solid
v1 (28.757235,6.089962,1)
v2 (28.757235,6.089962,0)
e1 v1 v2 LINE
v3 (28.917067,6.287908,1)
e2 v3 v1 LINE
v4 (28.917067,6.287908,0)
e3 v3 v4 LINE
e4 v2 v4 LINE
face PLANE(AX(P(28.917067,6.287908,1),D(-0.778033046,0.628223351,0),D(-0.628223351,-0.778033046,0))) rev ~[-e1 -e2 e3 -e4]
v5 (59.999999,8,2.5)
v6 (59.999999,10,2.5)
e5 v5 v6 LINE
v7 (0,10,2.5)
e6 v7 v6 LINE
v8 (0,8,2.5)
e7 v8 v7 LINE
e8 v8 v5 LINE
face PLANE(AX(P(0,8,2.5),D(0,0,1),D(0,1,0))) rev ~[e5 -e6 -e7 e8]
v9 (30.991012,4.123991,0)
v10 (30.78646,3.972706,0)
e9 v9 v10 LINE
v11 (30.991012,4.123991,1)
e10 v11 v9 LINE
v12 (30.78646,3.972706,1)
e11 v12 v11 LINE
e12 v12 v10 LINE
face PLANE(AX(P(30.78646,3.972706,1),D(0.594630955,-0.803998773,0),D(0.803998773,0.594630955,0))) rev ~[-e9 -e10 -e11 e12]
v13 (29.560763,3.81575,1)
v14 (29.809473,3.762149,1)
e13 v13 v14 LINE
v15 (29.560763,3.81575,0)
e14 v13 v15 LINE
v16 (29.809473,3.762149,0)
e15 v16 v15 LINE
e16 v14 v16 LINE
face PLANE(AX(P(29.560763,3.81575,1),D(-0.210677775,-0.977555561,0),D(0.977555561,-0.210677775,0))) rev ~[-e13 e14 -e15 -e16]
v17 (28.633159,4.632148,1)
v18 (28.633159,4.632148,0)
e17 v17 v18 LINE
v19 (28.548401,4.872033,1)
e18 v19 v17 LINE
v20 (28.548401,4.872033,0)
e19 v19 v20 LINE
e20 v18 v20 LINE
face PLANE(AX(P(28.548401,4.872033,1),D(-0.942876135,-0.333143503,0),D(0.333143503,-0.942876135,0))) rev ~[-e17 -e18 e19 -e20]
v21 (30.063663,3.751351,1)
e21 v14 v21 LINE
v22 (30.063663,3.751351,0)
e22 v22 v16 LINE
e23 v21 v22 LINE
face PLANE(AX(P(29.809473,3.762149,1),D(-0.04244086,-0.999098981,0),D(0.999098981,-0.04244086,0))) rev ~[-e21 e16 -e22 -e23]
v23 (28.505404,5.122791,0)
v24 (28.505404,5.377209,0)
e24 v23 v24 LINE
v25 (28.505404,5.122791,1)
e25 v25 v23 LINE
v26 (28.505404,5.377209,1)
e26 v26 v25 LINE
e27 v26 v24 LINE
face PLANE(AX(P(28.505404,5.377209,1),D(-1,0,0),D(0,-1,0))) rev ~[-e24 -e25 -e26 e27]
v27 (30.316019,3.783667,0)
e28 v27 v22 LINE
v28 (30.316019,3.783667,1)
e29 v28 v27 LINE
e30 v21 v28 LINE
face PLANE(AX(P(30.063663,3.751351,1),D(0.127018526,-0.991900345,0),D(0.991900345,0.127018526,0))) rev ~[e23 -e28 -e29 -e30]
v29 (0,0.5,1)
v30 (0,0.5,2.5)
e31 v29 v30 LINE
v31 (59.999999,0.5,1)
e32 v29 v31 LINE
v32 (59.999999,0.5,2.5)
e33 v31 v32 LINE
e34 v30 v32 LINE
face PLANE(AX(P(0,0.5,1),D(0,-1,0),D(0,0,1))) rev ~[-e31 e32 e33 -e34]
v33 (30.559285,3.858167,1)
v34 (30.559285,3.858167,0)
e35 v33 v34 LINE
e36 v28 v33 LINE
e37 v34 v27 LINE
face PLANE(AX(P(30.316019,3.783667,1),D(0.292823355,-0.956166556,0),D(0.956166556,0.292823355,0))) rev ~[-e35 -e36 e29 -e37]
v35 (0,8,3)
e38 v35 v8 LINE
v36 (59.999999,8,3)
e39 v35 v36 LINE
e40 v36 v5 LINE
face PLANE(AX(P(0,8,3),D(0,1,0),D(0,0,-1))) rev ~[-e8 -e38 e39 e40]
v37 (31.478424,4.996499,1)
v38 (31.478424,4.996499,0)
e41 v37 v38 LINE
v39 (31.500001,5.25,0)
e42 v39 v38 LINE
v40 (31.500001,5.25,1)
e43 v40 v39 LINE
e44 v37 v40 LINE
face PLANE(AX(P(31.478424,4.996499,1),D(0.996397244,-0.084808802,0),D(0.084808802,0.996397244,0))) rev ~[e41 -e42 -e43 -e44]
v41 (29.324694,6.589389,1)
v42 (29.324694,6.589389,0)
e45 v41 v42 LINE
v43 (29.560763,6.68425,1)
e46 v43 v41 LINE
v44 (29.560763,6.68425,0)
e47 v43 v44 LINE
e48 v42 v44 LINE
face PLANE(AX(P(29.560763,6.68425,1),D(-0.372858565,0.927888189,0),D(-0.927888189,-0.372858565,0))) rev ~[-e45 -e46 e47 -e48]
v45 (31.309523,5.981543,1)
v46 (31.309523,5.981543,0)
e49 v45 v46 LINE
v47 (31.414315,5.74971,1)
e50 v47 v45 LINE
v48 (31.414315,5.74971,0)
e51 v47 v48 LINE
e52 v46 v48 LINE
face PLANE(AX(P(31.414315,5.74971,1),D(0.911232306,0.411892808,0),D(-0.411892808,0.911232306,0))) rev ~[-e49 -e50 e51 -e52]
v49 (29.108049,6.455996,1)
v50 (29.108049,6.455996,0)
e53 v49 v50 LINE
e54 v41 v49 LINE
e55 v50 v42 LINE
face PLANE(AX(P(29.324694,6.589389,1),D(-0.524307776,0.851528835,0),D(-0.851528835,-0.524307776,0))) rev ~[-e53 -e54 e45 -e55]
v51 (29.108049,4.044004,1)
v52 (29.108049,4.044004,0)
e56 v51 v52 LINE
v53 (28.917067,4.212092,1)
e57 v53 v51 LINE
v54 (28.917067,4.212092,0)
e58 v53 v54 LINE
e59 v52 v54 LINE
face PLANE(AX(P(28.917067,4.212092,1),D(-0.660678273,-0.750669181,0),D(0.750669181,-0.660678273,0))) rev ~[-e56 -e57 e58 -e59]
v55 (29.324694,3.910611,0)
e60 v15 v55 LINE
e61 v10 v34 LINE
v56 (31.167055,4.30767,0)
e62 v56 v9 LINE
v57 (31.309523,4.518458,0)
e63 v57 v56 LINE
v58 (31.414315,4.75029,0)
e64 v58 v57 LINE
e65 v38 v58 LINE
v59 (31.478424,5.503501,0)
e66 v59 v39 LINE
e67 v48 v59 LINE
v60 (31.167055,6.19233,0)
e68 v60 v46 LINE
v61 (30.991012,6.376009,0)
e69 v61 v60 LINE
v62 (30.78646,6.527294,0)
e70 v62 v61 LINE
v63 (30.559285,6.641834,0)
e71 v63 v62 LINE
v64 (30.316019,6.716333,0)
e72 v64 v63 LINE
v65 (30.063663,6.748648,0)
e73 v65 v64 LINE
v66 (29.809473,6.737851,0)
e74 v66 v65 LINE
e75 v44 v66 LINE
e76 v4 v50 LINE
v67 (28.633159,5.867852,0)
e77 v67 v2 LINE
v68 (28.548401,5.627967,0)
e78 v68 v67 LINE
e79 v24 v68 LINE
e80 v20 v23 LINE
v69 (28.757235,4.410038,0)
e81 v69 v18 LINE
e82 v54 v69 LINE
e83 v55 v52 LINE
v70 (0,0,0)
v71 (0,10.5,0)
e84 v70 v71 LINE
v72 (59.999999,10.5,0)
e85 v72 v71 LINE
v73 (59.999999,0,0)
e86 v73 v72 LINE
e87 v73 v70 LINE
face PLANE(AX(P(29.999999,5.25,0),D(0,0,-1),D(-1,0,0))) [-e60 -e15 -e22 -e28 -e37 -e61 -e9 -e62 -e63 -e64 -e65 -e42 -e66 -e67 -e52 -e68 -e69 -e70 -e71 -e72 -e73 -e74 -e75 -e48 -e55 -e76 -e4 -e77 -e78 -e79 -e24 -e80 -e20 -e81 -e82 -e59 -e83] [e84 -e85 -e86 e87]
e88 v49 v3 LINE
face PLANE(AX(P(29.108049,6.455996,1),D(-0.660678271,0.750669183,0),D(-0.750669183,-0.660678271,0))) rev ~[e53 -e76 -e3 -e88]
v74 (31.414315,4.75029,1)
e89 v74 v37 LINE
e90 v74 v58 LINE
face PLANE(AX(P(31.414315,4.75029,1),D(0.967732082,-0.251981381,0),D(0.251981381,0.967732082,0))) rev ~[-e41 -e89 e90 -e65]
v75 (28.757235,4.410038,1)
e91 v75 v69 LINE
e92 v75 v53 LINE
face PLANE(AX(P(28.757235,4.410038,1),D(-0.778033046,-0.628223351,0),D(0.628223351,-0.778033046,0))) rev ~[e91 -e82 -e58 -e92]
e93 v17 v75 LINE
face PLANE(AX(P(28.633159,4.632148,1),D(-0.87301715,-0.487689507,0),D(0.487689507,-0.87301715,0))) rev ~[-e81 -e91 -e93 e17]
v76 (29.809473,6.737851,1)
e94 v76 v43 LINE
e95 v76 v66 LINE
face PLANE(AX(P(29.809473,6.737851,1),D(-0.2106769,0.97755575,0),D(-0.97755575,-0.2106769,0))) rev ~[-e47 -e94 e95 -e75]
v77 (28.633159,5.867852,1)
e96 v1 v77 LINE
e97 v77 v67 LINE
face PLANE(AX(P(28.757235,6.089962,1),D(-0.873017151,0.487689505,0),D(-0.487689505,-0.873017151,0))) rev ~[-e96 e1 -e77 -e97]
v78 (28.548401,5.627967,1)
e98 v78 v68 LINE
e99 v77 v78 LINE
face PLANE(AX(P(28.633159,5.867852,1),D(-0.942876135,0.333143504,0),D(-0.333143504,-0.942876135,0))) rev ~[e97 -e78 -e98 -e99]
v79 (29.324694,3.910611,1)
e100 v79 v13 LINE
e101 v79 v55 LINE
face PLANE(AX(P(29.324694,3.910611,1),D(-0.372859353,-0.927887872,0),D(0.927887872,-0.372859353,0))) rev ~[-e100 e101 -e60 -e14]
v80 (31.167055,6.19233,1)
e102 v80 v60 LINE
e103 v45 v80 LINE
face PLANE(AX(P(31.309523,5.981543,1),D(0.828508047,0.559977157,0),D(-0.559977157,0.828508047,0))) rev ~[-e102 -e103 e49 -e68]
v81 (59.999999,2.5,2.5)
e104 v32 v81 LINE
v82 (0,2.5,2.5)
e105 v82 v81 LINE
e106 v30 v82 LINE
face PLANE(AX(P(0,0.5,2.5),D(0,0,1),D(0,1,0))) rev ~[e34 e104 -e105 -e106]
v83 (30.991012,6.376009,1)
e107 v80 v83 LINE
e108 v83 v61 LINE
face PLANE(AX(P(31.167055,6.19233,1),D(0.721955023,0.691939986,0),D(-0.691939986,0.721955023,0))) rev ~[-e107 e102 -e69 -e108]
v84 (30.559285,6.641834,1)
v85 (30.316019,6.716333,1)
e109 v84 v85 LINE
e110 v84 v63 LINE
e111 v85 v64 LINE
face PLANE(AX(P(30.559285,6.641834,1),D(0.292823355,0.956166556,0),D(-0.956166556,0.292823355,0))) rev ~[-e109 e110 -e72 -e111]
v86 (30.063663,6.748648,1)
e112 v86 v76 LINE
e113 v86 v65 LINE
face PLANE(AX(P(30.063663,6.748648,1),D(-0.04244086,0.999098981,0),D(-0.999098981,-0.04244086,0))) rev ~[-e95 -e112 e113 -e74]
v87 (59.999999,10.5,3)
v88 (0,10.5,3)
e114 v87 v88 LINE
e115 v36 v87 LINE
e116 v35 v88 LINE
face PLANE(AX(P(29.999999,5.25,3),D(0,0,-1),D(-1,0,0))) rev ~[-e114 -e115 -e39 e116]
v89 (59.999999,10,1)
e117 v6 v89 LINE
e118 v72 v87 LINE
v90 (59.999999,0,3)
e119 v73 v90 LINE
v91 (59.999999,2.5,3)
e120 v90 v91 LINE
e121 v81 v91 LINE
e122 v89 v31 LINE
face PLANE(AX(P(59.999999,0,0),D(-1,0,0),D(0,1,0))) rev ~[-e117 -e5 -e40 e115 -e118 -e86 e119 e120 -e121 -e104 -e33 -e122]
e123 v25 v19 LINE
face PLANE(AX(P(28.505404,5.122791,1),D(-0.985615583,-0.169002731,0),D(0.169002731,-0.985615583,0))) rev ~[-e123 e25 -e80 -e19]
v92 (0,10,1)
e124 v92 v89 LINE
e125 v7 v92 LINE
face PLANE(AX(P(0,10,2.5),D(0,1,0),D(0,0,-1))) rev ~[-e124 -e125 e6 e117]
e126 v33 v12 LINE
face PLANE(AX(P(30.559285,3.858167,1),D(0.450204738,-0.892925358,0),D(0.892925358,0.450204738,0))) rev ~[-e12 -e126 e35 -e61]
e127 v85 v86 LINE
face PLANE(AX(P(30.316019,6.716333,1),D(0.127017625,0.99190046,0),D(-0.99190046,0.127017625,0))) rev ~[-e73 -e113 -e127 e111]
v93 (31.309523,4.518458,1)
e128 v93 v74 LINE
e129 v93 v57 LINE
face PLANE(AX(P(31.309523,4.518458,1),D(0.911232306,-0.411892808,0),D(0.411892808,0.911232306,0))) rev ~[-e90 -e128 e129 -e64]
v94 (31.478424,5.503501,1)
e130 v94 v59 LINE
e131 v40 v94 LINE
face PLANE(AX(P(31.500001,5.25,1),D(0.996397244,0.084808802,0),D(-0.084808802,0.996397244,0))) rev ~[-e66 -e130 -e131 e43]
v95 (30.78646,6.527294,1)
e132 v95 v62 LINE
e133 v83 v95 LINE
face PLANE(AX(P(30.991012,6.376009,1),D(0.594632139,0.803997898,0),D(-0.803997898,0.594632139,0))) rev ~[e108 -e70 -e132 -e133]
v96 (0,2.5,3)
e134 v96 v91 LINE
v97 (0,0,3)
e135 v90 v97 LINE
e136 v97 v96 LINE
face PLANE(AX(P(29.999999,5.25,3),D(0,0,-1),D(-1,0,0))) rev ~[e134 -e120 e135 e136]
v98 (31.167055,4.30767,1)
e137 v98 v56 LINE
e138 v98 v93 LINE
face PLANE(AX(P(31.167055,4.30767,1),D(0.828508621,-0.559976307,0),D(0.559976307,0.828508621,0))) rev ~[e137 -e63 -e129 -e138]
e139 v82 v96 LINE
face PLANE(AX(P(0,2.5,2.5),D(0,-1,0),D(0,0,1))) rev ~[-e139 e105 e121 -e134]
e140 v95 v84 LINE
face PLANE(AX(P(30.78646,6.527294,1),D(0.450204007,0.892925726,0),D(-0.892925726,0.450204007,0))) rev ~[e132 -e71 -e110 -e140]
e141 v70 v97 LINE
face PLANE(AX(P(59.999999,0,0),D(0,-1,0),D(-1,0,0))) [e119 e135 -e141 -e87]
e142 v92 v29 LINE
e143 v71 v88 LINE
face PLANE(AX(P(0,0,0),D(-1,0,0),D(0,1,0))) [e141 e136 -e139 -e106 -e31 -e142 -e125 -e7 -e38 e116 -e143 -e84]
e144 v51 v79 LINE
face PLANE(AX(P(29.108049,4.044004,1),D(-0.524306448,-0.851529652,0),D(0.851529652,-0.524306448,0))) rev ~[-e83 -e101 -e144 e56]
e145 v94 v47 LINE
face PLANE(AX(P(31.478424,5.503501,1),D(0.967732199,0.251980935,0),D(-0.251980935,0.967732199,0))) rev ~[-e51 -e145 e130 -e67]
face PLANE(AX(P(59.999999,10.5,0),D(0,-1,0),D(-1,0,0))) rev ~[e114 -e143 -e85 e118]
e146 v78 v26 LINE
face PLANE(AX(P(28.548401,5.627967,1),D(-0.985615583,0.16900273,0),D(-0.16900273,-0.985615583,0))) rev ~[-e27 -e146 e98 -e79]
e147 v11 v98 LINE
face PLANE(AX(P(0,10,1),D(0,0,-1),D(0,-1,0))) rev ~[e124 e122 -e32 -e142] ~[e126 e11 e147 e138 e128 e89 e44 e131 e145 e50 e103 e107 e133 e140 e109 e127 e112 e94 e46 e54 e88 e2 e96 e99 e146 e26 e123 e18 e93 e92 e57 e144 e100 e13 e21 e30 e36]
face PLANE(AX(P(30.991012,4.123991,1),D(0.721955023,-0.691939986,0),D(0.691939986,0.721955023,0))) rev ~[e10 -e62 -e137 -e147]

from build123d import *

# Parameters (mm, degrees)
SKETCH1_W           = 59.999998659
SKETCH1_H           = 10.499999858
BOSS_EXTRUDE1_DEPTH = 3.000000026
CUT_EXTRUDE1_DEPTH  = 61.985652708
CUT_EXTRUDE2_DEPTH  = 61.944645671


with BuildPart() as part:
    # Sketch1 → Boss-Extrude1 (new body)
    with BuildSketch(Plane(origin=(0, 0, 0), x_dir=(-1, 0, 0), z_dir=(0, 0, -1))):
        with Locations((-29.99999933, 5.249999929)):
            Rectangle(SKETCH1_W, SKETCH1_H)
    extrude(amount=-BOSS_EXTRUDE1_DEPTH)

    # Sketch2 → Cut-Extrude1 (cut, through all)
    with BuildSketch(Plane.ZY):
        Polygon((3.000000026, 2.499999944), (3.000000026, 8.00000038), (2.499999944, 8.00000038), (2.499999944, 9.999999776), (1.000000047, 9.999999776), (1.000000047, 0.500000024), (2.499999944, 0.500000024), (2.499999944, 2.499999944), align=None)
    extrude(amount=-CUT_EXTRUDE1_DEPTH, mode=Mode.SUBTRACT)

    # Sketch3 → Cut-Extrude2 (cut, through all)
    with BuildSketch(Plane.XY.offset(1.000000047)):
        Polygon((30.559284613, 6.641833577), (30.316019431, 6.716332864), (30.063662678, 6.74864836), (29.809473082, 6.737850606), (29.560763389, 6.684250198), (29.324693605, 6.58938894), (29.108049348, 6.455995608), (28.917066753, 6.287908182), (28.757235035, 6.089962088), (28.633158654, 5.867851898), (28.548400849, 5.627966952), (28.505403548, 5.377208814), (28.505403548, 5.122791044), (28.548400849, 4.872032907), (28.633158654, 4.63214796), (28.757235035, 4.410037771), (28.917066753, 4.212091677), (29.108049348, 4.04400425), (29.324693605, 3.910611384), (29.560763389, 3.815749893), (29.809473082, 3.762149252), (30.063662678, 3.751351498), (30.316019431, 3.783667227), (30.559284613, 3.858166514), (30.786460266, 3.972706385), (30.991012231, 4.123991355), (31.167054549, 4.307670053), (31.309522688, 4.518457688), (31.414315104, 4.75029042), (31.478423625, 4.996498581), (31.500000507, 5.249999929), (31.478423625, 5.503501277), (31.414315104, 5.749709904), (31.309522688, 5.981542636), (31.167054549, 6.192329805), (30.991012231, 6.376008503), (30.786460266, 6.527293939), align=None)
    extrude(amount=-CUT_EXTRUDE2_DEPTH, mode=Mode.SUBTRACT)


solid = part.part
